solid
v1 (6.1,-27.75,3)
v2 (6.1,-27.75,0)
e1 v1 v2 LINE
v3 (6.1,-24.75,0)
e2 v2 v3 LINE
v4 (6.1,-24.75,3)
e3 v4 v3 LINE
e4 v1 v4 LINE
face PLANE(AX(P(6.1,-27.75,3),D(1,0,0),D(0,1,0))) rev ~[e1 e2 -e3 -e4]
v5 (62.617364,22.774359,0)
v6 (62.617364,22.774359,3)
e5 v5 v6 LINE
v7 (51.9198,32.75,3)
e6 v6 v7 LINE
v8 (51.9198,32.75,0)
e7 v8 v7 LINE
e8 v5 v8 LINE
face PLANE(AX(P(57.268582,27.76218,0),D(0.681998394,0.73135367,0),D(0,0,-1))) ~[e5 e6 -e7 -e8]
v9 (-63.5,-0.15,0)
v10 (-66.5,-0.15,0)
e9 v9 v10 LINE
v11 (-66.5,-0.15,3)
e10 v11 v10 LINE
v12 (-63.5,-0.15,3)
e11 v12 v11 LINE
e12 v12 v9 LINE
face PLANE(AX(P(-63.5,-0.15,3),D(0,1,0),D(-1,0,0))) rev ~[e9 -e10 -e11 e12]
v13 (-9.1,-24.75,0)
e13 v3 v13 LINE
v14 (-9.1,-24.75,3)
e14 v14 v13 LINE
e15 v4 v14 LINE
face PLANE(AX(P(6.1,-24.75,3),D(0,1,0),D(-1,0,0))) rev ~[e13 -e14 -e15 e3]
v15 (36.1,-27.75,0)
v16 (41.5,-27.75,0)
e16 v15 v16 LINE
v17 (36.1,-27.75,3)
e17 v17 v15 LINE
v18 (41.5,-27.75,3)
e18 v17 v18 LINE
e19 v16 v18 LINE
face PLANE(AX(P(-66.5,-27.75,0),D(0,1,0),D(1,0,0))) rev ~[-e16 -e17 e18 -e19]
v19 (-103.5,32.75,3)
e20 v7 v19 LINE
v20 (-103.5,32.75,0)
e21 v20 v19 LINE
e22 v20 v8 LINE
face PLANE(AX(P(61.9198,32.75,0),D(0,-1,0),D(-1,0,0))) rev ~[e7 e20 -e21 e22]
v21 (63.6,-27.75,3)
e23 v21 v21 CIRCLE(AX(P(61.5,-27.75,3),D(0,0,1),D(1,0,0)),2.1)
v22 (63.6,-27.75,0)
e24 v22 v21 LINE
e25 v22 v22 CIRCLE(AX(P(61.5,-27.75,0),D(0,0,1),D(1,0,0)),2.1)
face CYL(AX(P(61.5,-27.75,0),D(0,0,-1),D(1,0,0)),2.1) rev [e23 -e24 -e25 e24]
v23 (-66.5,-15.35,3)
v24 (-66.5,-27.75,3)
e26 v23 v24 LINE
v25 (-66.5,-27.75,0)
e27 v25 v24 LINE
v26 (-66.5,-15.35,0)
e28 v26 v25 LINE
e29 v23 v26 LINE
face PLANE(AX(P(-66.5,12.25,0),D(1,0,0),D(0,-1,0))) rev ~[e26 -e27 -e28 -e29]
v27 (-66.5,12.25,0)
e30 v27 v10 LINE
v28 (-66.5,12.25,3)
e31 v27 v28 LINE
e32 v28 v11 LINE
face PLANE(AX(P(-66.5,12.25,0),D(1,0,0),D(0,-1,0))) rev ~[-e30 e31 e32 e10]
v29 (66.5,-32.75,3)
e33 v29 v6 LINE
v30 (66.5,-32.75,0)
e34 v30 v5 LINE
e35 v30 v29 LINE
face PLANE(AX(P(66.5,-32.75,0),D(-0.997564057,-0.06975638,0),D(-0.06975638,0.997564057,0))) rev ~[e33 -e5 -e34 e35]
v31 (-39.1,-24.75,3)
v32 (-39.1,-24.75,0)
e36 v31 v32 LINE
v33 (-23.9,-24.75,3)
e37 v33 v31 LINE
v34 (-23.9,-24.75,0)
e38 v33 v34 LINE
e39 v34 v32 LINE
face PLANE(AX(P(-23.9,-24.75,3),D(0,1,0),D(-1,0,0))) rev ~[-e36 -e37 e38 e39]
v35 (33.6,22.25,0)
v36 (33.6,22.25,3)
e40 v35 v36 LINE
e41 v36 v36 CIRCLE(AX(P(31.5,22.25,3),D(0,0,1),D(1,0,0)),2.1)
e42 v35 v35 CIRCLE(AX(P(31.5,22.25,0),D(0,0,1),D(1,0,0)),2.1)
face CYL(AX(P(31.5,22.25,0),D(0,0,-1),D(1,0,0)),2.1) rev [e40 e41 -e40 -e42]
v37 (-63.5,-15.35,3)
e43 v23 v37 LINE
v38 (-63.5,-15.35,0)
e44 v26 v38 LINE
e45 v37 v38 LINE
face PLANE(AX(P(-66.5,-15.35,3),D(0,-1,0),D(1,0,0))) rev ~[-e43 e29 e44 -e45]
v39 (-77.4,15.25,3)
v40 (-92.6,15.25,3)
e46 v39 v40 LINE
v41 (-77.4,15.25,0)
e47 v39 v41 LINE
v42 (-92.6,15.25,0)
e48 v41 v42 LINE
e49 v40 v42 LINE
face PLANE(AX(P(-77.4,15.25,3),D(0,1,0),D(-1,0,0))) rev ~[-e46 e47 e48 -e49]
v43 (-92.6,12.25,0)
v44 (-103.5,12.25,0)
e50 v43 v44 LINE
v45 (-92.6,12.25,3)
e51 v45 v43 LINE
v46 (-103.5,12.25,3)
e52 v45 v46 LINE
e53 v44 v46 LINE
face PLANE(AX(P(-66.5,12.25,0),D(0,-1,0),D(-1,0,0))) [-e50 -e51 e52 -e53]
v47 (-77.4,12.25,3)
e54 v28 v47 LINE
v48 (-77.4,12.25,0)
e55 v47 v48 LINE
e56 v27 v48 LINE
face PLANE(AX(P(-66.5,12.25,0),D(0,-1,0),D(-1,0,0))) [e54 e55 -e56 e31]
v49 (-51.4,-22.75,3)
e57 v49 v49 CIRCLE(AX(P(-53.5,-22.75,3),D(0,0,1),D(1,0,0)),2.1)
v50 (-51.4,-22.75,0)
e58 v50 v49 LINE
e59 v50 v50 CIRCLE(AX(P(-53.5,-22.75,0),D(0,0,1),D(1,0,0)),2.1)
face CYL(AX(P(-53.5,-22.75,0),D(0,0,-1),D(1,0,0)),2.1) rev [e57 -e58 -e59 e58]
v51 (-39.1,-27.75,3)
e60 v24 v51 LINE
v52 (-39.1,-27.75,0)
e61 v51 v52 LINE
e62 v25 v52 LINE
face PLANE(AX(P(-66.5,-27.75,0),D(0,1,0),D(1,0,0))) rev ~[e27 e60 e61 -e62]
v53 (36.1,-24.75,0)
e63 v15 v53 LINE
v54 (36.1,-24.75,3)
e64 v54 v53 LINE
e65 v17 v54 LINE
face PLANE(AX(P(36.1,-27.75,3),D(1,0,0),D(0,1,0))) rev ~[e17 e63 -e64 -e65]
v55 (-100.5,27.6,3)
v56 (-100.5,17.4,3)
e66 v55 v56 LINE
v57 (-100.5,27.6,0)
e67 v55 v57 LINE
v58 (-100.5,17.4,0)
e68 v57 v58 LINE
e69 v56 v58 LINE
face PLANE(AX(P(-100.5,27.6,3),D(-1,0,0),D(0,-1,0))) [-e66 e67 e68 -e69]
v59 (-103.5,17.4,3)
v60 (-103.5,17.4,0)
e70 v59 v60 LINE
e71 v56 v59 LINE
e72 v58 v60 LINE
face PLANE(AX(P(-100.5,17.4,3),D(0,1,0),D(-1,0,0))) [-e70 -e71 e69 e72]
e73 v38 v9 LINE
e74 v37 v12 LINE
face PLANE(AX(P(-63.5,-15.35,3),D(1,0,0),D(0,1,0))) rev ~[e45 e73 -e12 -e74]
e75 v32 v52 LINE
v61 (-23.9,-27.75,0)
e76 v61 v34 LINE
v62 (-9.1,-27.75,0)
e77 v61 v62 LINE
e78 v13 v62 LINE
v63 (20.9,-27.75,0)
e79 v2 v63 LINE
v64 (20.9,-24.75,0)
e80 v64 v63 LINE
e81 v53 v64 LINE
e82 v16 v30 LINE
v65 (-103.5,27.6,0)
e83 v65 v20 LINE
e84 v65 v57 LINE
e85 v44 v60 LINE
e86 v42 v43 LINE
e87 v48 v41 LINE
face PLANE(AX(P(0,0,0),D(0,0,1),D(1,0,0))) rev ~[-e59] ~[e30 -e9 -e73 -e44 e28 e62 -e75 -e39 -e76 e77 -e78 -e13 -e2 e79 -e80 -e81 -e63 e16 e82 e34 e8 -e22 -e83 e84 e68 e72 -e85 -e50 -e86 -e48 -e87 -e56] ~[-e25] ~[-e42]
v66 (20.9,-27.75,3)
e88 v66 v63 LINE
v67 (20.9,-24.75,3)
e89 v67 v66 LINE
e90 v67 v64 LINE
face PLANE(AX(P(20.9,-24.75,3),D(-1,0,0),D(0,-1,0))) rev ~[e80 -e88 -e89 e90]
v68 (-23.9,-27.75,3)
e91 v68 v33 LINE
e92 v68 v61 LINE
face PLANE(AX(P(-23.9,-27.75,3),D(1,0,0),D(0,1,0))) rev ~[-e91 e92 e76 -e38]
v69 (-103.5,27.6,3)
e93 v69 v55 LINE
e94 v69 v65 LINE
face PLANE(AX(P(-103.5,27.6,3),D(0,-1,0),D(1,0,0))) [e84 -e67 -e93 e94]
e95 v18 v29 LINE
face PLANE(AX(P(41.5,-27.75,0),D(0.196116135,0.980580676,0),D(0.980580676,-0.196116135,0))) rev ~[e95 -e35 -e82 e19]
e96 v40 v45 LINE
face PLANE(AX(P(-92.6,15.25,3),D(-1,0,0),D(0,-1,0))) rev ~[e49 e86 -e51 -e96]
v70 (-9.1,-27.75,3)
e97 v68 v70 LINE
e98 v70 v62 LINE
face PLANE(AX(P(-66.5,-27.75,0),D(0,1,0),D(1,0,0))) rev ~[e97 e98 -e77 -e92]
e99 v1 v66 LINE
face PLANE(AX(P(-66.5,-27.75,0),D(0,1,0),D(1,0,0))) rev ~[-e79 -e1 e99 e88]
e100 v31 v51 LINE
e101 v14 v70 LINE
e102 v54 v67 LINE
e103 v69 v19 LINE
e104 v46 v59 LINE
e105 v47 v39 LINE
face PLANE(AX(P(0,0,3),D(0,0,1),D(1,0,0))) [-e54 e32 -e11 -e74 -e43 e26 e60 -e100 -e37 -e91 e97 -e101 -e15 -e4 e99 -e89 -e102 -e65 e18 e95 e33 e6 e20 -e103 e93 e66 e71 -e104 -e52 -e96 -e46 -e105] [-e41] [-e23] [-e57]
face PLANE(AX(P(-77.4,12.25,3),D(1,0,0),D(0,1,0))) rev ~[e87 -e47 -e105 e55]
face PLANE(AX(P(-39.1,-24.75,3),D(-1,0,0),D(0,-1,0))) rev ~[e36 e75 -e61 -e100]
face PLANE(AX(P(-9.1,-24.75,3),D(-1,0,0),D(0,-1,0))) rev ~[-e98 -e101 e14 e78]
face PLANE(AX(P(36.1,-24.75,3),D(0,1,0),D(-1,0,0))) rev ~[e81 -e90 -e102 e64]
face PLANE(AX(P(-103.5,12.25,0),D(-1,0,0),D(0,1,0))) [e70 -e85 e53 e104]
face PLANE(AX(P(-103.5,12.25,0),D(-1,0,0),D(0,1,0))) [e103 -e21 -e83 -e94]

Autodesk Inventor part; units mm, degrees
ref_plane "YZ Plane" through (0, 0, 0) normal (1, 0, 0) x (0, 1, 0)
ref_plane "XZ Plane" through (0, 0, 0) normal (0, 1, 0) x (-1, 0, 0)
ref_plane "XY Plane" through (0, 0, 0) normal (0, 0, 1) x (1, 0, 0)
sketch "Sketch1" plane through (0, 0, 0) normal (0, 0, 1) x (1, 0, 0)
  line L0 (-66.5, -32.75) -> (66.5, -32.75)
  line L1 (66.5, -32.75) -> (66.5, 32.75)
  line L2 (66.5, 32.75) -> (-66.5, 32.75)
  line L3 (-66.5, 32.75) -> (-66.5, -32.75)
  line L4 (-66.5, -32.75) -> (66.5, 32.75) construction
  line L5 (66.5, -32.75) -> (-66.5, 32.75) construction
  line L6 (-103.5, 32.75) -> (-66.5, 32.75)
  line L7 (-66.5, 32.75) -> (-66.5, 12.25)
  line L8 (-66.5, 12.25) -> (-103.5, 12.25)
  line L9 (-103.5, 12.25) -> (-103.5, 32.75)
  line L10 (-103.5, 32.75) -> (-66.5, 12.25) construction
  line L11 (-66.5, 32.75) -> (-103.5, 12.25) construction
  line L12 (66.5, -32.75) -> (61.9198, 32.75)
  circle A0 centre (-53.5, -22.75) radius 2.1
  circle A1 centre (31.5, 22.25) radius 2.1
  line L13 (-66.5, -27.75) -> (41.5, -27.75)
  line L14 (41.5, -27.75) -> (66.5, -32.75)
  circle A2 centre (61.5, -27.75) radius 2.1
  point P0 (0, 0)
  point P1 (-85, 22.5)
  dimension "d0" = 65.5
  dimension "d1" = 133
  dimension "d3" = 37
  dimension "d4" = 4.2
  dimension "d5" = 13
  dimension "d7" = 98
  dimension "d8" = 108
  dimension "d9" = 5
  dimension "d10" = 5
  dimension "d11" = 50
  dimension "d12" = 4.2
  dimension "d13" = 4.2
  dimension "d15" = 5
  dimension "d16" = 4
  dimension "d36" = 40
extrude "Extrusion1" add sketch "Sketch1" along normal blind 3 contours L14 L13 L3 L2 L12 | L8 L9 L6 L3
sketch "Sketch2" plane through (0, 0, 3) normal (0, 0, 1) x (1, 0, 0)
  line L0 (66.5, -32.75) -> (61.9198, 32.75) construction
  line L1 (61.9198, 32.75) -> (-103.5, 32.75) construction
  line L2 (-103.5, 32.75) -> (-103.5, 12.25) construction
  line L3 (-103.5, 12.25) -> (-66.5, 12.25) construction
  line L4 (-66.5, 12.25) -> (-66.5, -27.75) construction
  line L5 (-66.5, -27.75) -> (41.5, -27.75) construction
  line L6 (41.5, -27.75) -> (66.5, -32.75) construction
  circle A0 centre (-53.5, -22.75) radius 2.1 construction
  circle A1 centre (31.5, 22.25) radius 2.1 construction
  circle A2 centre (61.5, -27.75) radius 2.1 construction
  line L7 (-103.5, 27.6) -> (-100.5, 27.6)
  line L8 (-100.5, 27.6) -> (-100.5, 17.4)
  line L9 (-100.5, 17.4) -> (-103.5, 17.4)
  line L10 (-103.5, 17.4) -> (-103.5, 27.6)
  line L11 (-103.5, 27.6) -> (-100.5, 17.4) construction
  line L12 (-100.5, 27.6) -> (-103.5, 17.4) construction
  line L13 (-92.6, 12.25) -> (-77.4, 12.25)
  line L14 (-77.4, 12.25) -> (-77.4, 15.25)
  line L15 (-77.4, 15.25) -> (-92.6, 15.25)
  line L16 (-92.6, 15.25) -> (-92.6, 12.25)
  line L17 (-92.6, 12.25) -> (-77.4, 15.25) construction
  line L18 (-77.4, 12.25) -> (-92.6, 15.25) construction
  line L19 (-103.5, 12.25) -> (-66.5, 12.25) projected
  line L20 (-66.5, -15.35) -> (-63.5, -15.35)
  line L21 (-63.5, -15.35) -> (-63.5, -0.15)
  line L22 (-63.5, -0.15) -> (-66.5, -0.15)
  line L23 (-66.5, -0.15) -> (-66.5, -15.35)
  line L24 (-66.5, -15.35) -> (-63.5, -0.15) construction
  line L25 (-63.5, -15.35) -> (-66.5, -0.15) construction
  line L26 (-66.5, 12.25) -> (-66.5, -27.75) projected
  line L27 (-39.1, -27.75) -> (-23.9, -27.75)
  line L28 (-23.9, -27.75) -> (-23.9, -24.75)
  line L29 (-23.9, -24.75) -> (-39.1, -24.75)
  line L30 (-39.1, -24.75) -> (-39.1, -27.75)
  line L31 (-39.1, -27.75) -> (-23.9, -24.75) construction
  line L32 (-23.9, -27.75) -> (-39.1, -24.75) construction
  line L33 (-66.5, -27.75) -> (41.5, -27.75) projected
  line L34 (-9.1, -27.75) -> (6.1, -27.75)
  line L35 (6.1, -27.75) -> (6.1, -24.75)
  line L36 (6.1, -24.75) -> (-9.1, -24.75)
  line L37 (-9.1, -24.75) -> (-9.1, -27.75)
  line L38 (-9.1, -27.75) -> (6.1, -24.75) construction
  line L39 (6.1, -27.75) -> (-9.1, -24.75) construction
  line L40 (20.9, -27.75) -> (36.1, -27.75)
  line L41 (36.1, -27.75) -> (36.1, -24.75)
  line L42 (36.1, -24.75) -> (20.9, -24.75)
  line L43 (20.9, -24.75) -> (20.9, -27.75)
  line L44 (20.9, -27.75) -> (36.1, -24.75) construction
  line L45 (36.1, -27.75) -> (20.9, -24.75) construction
  point P0 (0, 0)
  point P1 (-102, 22.5)
  point P2 (-103.5, 22.5)
  point P3 (-85, 13.75)
  point P4 (-85, 12.25)
  point P5 (-65, -7.75)
  point P6 (-66.5, -7.75)
  point P7 (-31.5, -26.25)
  point P8 (-1.5, -26.25)
  point P9 (28.5, -26.25)
  point P10 (20.9, -27.75)
  point P11 (36.1, -27.75)
  point P12 (-9.1, -27.75)
  point P13 (6.1, -27.75)
  dimension "d19" = 3
  dimension "d20" = 10.2
  dimension "d21" = 3
  dimension "d22" = 15.2
  dimension "d23" = 3
  dimension "d24" = 15.2
  dimension "d25" = 3
  dimension "d26" = 15.2
  dimension "d27" = 3
  dimension "d28" = 15.2
  dimension "d30" = 35
  dimension "d31" = 3
  dimension "d33" = 15.2
  dimension "d37" = 30
  dimension "d38" = 30
extrude "Extrusion2" cut sketch "Sketch2" against normal through all
chamfer "Chamfer1" distance 10 angle 45 1 edges at (61.9198, 32.75, 1.5)
equation "\"d12\" = d4"
equation "\"d13\" = d12"
equation "\"d21\" = d19"
equation "\"d23\" = d21"
equation "\"d25\" = d23"
equation "\"d27\" = d25"
equation "\"d28\" = d26"
equation "\"d31\" = d27"
equation "\"d33\" = d28"
equation "\"d38\" = d37"
properties part number "bed_acrylic_side"
